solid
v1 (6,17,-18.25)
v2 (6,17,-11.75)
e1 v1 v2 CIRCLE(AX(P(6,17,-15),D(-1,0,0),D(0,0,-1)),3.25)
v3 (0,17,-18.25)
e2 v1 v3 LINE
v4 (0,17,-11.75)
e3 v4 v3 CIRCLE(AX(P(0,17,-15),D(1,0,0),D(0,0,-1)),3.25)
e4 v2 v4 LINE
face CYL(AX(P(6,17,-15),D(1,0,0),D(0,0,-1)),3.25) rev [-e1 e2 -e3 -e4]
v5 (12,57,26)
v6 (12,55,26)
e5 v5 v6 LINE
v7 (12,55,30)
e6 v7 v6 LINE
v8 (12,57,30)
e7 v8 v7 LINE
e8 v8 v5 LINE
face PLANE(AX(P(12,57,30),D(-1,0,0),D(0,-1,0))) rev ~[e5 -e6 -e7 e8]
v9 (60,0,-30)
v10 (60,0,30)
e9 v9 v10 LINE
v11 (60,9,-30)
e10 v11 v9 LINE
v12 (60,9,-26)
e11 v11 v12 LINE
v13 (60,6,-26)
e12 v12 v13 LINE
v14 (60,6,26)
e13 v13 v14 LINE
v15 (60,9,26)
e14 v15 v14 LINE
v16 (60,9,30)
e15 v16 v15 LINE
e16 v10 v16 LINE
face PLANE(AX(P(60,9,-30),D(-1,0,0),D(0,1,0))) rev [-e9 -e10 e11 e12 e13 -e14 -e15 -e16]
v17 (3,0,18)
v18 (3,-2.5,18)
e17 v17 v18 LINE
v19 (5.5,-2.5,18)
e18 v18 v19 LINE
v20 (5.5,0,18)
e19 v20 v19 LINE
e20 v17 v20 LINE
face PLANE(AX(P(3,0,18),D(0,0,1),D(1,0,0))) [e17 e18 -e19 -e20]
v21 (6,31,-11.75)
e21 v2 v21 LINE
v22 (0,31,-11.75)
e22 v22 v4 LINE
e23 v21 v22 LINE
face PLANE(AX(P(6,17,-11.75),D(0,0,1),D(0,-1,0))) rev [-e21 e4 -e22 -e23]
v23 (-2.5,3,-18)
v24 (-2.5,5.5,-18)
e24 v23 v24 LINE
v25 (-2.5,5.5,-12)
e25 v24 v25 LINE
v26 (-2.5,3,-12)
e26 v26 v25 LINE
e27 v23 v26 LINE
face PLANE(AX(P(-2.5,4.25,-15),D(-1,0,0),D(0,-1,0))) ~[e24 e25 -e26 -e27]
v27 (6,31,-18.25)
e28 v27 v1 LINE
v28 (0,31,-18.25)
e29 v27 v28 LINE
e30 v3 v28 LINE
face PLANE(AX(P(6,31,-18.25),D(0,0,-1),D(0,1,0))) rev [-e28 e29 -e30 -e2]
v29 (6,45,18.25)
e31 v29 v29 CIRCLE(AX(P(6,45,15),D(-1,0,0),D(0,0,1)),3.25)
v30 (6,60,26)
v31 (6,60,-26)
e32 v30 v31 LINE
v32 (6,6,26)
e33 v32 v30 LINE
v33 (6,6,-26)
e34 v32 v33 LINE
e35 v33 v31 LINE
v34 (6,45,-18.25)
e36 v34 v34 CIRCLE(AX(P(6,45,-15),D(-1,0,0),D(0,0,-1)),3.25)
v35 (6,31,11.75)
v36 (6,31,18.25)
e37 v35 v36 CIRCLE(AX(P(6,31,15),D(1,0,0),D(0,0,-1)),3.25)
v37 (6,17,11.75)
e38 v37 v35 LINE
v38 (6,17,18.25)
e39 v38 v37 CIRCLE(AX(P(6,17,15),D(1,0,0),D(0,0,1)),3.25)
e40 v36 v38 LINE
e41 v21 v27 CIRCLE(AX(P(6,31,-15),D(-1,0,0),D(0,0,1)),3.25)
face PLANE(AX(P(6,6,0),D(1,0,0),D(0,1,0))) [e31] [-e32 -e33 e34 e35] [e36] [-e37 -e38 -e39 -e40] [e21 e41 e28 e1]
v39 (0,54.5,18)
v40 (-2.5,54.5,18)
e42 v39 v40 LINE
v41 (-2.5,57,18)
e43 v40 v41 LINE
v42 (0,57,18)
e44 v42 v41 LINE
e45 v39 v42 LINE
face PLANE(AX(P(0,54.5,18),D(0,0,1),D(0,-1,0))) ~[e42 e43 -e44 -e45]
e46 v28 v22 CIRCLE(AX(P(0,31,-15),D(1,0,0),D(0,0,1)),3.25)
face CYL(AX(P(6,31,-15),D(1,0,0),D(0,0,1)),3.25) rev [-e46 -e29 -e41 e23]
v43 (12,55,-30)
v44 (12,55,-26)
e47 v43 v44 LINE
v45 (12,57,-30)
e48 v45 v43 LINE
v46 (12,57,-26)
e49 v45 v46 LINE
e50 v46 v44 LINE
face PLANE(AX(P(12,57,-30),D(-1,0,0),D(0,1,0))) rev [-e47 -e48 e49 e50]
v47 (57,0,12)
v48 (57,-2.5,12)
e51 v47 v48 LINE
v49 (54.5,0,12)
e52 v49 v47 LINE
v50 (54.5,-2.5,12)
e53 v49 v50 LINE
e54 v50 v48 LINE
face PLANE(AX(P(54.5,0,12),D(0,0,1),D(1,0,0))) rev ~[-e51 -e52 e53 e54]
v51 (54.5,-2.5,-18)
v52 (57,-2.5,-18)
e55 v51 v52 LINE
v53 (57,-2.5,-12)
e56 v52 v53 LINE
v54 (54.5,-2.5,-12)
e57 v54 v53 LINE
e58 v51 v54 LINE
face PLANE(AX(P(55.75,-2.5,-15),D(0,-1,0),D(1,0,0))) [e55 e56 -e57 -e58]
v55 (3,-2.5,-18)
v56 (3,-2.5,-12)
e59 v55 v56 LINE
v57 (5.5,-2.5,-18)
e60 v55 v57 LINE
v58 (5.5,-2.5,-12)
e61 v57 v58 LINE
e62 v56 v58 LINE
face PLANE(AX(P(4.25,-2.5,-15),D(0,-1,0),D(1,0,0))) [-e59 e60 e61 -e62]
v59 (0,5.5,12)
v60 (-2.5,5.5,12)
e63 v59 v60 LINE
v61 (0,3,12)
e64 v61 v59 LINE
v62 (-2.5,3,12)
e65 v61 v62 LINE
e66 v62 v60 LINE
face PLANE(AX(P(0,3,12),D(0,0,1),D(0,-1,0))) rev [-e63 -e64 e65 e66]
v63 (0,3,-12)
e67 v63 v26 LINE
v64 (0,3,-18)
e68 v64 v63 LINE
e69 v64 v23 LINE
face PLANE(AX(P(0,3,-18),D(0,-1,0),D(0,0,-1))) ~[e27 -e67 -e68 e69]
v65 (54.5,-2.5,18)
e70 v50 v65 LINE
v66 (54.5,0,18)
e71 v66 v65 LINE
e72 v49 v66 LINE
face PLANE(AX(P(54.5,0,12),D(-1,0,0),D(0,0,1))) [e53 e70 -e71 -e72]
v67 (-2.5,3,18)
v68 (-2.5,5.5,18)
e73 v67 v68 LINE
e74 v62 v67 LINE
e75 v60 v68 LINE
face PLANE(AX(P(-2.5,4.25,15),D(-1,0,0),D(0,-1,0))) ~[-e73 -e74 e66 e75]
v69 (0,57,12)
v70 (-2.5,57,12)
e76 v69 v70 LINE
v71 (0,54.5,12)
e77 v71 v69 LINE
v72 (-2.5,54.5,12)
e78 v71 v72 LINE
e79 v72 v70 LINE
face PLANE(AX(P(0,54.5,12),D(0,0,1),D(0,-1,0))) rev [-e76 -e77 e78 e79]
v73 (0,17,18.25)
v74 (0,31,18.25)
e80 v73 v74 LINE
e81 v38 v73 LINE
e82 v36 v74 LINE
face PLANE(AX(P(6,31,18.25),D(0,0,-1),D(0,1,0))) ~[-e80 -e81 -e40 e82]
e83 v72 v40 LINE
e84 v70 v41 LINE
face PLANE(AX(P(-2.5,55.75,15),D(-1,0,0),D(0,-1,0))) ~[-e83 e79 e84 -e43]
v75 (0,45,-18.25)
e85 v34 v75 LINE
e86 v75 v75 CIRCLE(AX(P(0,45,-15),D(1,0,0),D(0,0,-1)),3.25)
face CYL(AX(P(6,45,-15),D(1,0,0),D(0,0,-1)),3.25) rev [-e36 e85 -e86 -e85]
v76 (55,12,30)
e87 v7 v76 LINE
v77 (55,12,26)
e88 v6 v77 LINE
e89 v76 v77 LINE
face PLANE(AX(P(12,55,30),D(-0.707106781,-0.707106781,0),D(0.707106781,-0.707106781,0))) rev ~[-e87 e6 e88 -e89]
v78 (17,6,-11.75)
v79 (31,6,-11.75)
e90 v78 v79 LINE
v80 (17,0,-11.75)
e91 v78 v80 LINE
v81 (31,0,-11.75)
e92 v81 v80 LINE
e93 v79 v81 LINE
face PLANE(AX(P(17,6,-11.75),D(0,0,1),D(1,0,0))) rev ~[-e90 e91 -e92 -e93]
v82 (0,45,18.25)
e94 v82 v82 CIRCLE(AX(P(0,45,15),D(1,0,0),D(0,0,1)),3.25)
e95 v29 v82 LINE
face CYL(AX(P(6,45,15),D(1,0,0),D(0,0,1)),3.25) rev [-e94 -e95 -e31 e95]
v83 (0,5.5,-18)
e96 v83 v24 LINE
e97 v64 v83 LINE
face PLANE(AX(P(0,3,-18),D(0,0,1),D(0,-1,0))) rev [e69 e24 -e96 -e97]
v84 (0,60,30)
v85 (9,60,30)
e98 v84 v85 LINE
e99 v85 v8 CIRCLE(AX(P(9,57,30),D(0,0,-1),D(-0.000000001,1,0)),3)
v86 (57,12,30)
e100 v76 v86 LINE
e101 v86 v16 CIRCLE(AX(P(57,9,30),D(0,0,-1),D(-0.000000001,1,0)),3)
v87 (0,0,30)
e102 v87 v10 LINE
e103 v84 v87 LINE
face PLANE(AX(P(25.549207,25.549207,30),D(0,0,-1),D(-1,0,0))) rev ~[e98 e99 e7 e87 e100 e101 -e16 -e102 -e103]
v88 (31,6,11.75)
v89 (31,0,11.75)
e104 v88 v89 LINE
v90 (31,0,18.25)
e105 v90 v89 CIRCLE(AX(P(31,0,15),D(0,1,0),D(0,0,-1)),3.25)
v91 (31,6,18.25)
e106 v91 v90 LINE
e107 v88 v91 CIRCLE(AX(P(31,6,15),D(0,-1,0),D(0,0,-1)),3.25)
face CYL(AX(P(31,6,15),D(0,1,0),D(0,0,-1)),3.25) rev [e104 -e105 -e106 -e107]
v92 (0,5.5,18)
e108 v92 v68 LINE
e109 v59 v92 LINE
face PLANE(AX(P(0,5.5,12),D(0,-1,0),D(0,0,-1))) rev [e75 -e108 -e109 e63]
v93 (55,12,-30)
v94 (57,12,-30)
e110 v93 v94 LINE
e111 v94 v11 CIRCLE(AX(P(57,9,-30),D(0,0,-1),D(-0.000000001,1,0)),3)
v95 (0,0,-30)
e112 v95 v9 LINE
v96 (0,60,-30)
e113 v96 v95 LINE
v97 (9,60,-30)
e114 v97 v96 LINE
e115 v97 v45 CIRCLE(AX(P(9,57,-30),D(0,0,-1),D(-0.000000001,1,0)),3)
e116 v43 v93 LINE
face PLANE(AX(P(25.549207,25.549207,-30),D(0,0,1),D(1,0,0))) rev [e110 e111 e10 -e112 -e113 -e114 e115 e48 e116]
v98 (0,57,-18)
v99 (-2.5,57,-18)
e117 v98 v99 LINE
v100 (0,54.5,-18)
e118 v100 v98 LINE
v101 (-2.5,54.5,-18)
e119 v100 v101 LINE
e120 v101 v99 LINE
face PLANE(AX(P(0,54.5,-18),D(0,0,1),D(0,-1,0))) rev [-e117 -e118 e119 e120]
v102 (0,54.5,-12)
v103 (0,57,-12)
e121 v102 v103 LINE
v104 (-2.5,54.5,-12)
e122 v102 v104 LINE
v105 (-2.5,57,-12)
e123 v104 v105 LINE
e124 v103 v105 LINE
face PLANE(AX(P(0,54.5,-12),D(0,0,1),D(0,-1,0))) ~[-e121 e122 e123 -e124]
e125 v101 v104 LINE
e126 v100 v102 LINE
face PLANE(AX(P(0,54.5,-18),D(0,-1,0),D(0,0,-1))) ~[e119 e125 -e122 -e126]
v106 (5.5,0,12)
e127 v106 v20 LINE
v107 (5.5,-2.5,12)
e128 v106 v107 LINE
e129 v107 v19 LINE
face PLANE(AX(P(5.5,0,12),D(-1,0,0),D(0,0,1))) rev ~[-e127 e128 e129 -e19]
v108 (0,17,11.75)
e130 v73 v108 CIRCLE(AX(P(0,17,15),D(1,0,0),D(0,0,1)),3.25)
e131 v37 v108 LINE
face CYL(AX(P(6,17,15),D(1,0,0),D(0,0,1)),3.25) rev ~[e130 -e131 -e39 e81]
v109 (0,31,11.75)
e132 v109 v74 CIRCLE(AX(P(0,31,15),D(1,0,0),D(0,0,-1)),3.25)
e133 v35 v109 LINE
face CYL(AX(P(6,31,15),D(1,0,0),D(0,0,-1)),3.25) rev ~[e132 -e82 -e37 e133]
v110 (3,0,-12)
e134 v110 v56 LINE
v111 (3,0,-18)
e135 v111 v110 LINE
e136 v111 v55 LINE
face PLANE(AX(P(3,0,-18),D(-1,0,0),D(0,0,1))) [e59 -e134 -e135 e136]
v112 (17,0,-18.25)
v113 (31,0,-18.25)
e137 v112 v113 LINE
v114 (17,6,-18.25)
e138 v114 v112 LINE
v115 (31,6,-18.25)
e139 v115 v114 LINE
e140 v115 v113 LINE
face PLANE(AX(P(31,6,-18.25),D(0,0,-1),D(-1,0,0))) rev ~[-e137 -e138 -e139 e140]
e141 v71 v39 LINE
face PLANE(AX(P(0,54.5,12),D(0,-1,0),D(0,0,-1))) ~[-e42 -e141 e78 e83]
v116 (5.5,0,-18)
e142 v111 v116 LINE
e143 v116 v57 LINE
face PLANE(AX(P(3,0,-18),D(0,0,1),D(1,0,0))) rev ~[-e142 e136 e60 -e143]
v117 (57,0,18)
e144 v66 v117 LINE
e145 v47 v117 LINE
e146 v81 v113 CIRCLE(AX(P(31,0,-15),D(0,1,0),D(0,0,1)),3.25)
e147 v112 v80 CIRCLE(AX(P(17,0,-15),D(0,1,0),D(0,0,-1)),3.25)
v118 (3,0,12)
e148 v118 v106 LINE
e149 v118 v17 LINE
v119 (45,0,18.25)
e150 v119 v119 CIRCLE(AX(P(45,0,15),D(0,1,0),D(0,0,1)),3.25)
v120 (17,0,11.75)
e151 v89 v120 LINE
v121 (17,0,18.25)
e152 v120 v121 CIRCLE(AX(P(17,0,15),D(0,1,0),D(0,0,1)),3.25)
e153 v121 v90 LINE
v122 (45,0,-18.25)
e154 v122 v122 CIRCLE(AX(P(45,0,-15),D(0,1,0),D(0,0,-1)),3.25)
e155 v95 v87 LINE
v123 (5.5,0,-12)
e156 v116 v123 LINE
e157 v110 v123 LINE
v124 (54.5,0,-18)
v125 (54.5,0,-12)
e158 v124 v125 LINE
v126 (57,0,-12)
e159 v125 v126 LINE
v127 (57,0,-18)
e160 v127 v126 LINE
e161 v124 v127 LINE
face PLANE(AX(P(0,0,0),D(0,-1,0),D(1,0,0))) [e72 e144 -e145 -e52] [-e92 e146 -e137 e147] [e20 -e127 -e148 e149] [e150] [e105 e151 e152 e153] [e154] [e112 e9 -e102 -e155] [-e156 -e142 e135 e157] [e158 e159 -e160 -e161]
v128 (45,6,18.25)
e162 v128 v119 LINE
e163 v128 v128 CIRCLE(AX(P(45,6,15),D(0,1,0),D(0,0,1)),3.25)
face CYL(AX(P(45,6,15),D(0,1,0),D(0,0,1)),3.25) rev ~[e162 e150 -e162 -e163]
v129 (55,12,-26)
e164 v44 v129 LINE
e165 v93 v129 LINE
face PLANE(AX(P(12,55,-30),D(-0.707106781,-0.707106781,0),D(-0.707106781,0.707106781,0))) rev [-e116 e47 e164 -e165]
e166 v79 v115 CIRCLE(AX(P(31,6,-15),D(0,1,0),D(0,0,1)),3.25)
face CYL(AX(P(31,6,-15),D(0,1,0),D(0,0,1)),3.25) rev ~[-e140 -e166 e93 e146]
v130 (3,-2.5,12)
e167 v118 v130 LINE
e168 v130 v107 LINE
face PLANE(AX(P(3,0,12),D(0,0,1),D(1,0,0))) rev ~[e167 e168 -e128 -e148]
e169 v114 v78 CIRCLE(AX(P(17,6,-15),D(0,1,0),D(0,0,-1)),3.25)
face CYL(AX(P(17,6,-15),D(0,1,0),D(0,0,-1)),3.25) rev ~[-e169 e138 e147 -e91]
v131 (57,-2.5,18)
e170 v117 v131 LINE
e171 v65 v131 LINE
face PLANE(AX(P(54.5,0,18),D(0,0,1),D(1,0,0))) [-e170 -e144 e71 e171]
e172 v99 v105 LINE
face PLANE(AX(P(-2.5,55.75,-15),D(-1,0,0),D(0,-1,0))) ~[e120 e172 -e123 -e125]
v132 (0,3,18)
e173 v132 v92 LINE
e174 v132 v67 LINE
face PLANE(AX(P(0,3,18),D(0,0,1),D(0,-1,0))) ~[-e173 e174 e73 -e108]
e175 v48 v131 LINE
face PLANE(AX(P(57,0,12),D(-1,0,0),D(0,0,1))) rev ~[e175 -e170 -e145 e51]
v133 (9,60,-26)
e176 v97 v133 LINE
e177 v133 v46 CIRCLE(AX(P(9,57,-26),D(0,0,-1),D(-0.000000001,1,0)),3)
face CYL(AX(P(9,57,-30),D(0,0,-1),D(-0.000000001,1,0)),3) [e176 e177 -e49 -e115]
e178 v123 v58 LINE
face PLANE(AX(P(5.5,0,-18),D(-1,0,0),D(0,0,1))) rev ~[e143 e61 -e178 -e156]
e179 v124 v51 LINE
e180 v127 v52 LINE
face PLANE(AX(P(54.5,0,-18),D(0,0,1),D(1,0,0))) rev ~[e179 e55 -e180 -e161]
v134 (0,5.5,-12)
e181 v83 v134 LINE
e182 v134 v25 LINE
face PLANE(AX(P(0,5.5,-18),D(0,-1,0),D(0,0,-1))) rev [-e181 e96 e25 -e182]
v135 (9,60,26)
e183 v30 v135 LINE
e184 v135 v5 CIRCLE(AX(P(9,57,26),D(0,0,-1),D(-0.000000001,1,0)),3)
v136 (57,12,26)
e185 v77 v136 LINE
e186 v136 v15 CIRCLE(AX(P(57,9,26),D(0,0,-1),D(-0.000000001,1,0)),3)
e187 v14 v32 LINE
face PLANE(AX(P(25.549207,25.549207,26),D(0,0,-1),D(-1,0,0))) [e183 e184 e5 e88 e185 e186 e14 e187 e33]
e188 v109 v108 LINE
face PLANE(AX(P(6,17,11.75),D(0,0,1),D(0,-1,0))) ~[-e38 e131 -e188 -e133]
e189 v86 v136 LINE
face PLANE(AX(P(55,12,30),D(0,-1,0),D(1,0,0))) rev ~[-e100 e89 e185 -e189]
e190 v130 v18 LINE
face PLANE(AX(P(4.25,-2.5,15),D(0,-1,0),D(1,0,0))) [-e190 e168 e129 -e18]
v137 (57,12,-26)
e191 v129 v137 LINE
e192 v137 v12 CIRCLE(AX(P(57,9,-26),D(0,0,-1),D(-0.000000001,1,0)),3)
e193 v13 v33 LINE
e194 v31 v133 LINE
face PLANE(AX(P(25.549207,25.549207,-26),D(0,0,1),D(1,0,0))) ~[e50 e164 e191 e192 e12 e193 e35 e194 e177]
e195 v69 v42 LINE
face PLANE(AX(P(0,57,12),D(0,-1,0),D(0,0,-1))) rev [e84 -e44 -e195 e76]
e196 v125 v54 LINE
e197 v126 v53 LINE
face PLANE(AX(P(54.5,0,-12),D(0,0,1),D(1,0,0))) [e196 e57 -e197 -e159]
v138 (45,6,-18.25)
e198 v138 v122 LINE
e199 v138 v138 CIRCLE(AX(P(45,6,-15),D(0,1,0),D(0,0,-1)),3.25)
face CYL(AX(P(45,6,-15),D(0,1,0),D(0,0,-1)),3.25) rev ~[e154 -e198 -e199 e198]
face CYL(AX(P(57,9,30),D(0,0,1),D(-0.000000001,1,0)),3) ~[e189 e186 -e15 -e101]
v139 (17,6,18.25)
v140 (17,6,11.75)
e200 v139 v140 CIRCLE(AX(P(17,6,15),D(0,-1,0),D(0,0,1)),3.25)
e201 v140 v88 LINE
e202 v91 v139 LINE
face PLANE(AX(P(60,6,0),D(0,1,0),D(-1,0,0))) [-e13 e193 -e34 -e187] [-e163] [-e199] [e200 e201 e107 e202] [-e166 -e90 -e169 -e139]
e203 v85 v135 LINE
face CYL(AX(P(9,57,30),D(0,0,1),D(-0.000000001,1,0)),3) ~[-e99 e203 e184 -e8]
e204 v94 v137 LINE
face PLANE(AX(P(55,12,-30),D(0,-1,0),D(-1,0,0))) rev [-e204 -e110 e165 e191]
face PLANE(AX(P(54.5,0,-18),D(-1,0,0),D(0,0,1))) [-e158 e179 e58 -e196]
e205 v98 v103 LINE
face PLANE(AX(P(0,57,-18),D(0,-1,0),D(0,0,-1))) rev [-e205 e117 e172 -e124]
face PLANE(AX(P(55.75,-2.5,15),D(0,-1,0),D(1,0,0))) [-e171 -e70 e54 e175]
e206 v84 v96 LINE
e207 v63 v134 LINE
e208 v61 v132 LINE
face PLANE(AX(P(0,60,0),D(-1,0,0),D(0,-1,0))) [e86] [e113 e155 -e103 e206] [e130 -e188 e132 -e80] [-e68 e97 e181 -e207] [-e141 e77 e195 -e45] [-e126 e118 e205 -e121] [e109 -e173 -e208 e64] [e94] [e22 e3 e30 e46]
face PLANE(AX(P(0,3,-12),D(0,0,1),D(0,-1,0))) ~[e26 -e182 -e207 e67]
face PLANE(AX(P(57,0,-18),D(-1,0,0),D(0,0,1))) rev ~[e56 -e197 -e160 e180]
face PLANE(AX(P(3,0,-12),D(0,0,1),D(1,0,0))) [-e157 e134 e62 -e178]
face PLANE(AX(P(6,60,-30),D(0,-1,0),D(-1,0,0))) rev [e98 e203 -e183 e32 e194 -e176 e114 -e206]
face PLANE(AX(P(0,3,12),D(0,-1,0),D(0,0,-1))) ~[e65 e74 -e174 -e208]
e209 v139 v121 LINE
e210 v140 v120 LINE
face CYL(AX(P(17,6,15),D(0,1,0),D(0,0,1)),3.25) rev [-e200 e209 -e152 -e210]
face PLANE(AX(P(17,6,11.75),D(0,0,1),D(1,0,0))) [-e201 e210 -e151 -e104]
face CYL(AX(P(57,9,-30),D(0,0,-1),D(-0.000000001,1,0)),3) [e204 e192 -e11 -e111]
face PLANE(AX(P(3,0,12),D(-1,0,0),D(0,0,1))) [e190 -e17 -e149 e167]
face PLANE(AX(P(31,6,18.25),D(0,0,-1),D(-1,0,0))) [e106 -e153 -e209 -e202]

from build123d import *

# Parameters (mm, degrees)
EXTRUDE_1_DEPTH     = 30
EXTRUDE_2_DEPTH     = 4
SKETCH_3_R          = 3.25
CUT_EXTRUDE_1_DEPTH = 7
SKETCH_4_W          = 2.5
SKETCH_4_H          = 6
EXTRUDE_3_DEPTH     = 2.5


with BuildPart() as part:
    # Эскиз1 → Бобышка-Вытянуть1 (new body, symmetric)
    with BuildSketch(Plane.XY):
        Polygon((0, 60), (0, 0), (60, 0), (60, 6), (6, 6), (6, 60), align=None)
    extrude(amount=EXTRUDE_1_DEPTH, both=True)

    # Эскиз2 → Бобышка-Вытянуть2 (add)
    with BuildSketch(Plane.XY.offset(30)):
        with BuildLine():
            Line((60, 6), (6, 6))
            Line((6, 6), (6, 60))
            Line((6, 60), (9, 60))
            ThreePointArc((9, 60), (11.121320344, 59.121320344), (12, 57))
            Line((12, 57), (12, 55))
            Line((12, 55), (55, 12))
            Line((55, 12), (57, 12))
            ThreePointArc((57, 12), (59.121320344, 11.121320344), (60, 9))
            Line((60, 9), (60, 6))
        make_face()
    extrude_2 = extrude(amount=-EXTRUDE_2_DEPTH)

    # Зеркальное отражение2: Бобышка-Вытянуть2 across plane
    add(extrude_2.mirror(Plane.XY))

    # Эскиз3 → Вырез-Вытянуть1 (cut, through all)
    with BuildSketch(Plane(origin=(0, 6, 0), x_dir=(1, 0, 0), z_dir=(0, 1, 0))):
        with Locations(Location((45, -15, 0), (0, 0, 270))):  # turned: the seam where the file's is
            Circle(SKETCH_3_R)
        with Locations(Location((45, 15, 0), (0, 0, 90))):  # turned: the seam where the file's is
            Circle(SKETCH_3_R)
        with BuildLine():
            Line((17, -11.75), (31, -11.75))
            ThreePointArc((31, -11.75), (34.25, -15), (31, -18.25))
            Line((31, -18.25), (17, -18.25))
            ThreePointArc((17, -18.25), (13.75, -15), (17, -11.75))
        make_face()
        with BuildLine():
            Line((17, 11.75), (31, 11.75))
            ThreePointArc((31, 11.75), (34.25, 15), (31, 18.25))
            Line((31, 18.25), (17, 18.25))
            ThreePointArc((17, 18.25), (13.75, 15), (17, 11.75))
        make_face()
    cut_extrude_1 = extrude(amount=-CUT_EXTRUDE_1_DEPTH, mode=Mode.SUBTRACT)

    # Эскиз4 → Бобышка-Вытянуть3 (add)
    with BuildSketch(Plane.XZ):
        with Locations((4.25, -15)):
            Rectangle(SKETCH_4_W, SKETCH_4_H)
        with Locations((55.75, -15)):
            Rectangle(SKETCH_4_W, SKETCH_4_H)
        with Locations((55.75, 15)):
            Rectangle(SKETCH_4_W, SKETCH_4_H)
        with Locations((4.25, 15)):
            Rectangle(SKETCH_4_W, SKETCH_4_H)
    extrude_3 = extrude(amount=EXTRUDE_3_DEPTH)

    # Зеркальное отражение3: Вырез-Вытянуть1, Бобышка-Вытянуть3 across plane
    add(cut_extrude_1.mirror(Plane(origin=(0, 0, 0), x_dir=(0, 0, 1), z_dir=(-0.707106781, 0.707106781, 0))), mode=Mode.SUBTRACT)
    add(extrude_3.mirror(Plane(origin=(0, 0, 0), x_dir=(0, 0, 1), z_dir=(-0.707106781, 0.707106781, 0))))


solid = part.part
